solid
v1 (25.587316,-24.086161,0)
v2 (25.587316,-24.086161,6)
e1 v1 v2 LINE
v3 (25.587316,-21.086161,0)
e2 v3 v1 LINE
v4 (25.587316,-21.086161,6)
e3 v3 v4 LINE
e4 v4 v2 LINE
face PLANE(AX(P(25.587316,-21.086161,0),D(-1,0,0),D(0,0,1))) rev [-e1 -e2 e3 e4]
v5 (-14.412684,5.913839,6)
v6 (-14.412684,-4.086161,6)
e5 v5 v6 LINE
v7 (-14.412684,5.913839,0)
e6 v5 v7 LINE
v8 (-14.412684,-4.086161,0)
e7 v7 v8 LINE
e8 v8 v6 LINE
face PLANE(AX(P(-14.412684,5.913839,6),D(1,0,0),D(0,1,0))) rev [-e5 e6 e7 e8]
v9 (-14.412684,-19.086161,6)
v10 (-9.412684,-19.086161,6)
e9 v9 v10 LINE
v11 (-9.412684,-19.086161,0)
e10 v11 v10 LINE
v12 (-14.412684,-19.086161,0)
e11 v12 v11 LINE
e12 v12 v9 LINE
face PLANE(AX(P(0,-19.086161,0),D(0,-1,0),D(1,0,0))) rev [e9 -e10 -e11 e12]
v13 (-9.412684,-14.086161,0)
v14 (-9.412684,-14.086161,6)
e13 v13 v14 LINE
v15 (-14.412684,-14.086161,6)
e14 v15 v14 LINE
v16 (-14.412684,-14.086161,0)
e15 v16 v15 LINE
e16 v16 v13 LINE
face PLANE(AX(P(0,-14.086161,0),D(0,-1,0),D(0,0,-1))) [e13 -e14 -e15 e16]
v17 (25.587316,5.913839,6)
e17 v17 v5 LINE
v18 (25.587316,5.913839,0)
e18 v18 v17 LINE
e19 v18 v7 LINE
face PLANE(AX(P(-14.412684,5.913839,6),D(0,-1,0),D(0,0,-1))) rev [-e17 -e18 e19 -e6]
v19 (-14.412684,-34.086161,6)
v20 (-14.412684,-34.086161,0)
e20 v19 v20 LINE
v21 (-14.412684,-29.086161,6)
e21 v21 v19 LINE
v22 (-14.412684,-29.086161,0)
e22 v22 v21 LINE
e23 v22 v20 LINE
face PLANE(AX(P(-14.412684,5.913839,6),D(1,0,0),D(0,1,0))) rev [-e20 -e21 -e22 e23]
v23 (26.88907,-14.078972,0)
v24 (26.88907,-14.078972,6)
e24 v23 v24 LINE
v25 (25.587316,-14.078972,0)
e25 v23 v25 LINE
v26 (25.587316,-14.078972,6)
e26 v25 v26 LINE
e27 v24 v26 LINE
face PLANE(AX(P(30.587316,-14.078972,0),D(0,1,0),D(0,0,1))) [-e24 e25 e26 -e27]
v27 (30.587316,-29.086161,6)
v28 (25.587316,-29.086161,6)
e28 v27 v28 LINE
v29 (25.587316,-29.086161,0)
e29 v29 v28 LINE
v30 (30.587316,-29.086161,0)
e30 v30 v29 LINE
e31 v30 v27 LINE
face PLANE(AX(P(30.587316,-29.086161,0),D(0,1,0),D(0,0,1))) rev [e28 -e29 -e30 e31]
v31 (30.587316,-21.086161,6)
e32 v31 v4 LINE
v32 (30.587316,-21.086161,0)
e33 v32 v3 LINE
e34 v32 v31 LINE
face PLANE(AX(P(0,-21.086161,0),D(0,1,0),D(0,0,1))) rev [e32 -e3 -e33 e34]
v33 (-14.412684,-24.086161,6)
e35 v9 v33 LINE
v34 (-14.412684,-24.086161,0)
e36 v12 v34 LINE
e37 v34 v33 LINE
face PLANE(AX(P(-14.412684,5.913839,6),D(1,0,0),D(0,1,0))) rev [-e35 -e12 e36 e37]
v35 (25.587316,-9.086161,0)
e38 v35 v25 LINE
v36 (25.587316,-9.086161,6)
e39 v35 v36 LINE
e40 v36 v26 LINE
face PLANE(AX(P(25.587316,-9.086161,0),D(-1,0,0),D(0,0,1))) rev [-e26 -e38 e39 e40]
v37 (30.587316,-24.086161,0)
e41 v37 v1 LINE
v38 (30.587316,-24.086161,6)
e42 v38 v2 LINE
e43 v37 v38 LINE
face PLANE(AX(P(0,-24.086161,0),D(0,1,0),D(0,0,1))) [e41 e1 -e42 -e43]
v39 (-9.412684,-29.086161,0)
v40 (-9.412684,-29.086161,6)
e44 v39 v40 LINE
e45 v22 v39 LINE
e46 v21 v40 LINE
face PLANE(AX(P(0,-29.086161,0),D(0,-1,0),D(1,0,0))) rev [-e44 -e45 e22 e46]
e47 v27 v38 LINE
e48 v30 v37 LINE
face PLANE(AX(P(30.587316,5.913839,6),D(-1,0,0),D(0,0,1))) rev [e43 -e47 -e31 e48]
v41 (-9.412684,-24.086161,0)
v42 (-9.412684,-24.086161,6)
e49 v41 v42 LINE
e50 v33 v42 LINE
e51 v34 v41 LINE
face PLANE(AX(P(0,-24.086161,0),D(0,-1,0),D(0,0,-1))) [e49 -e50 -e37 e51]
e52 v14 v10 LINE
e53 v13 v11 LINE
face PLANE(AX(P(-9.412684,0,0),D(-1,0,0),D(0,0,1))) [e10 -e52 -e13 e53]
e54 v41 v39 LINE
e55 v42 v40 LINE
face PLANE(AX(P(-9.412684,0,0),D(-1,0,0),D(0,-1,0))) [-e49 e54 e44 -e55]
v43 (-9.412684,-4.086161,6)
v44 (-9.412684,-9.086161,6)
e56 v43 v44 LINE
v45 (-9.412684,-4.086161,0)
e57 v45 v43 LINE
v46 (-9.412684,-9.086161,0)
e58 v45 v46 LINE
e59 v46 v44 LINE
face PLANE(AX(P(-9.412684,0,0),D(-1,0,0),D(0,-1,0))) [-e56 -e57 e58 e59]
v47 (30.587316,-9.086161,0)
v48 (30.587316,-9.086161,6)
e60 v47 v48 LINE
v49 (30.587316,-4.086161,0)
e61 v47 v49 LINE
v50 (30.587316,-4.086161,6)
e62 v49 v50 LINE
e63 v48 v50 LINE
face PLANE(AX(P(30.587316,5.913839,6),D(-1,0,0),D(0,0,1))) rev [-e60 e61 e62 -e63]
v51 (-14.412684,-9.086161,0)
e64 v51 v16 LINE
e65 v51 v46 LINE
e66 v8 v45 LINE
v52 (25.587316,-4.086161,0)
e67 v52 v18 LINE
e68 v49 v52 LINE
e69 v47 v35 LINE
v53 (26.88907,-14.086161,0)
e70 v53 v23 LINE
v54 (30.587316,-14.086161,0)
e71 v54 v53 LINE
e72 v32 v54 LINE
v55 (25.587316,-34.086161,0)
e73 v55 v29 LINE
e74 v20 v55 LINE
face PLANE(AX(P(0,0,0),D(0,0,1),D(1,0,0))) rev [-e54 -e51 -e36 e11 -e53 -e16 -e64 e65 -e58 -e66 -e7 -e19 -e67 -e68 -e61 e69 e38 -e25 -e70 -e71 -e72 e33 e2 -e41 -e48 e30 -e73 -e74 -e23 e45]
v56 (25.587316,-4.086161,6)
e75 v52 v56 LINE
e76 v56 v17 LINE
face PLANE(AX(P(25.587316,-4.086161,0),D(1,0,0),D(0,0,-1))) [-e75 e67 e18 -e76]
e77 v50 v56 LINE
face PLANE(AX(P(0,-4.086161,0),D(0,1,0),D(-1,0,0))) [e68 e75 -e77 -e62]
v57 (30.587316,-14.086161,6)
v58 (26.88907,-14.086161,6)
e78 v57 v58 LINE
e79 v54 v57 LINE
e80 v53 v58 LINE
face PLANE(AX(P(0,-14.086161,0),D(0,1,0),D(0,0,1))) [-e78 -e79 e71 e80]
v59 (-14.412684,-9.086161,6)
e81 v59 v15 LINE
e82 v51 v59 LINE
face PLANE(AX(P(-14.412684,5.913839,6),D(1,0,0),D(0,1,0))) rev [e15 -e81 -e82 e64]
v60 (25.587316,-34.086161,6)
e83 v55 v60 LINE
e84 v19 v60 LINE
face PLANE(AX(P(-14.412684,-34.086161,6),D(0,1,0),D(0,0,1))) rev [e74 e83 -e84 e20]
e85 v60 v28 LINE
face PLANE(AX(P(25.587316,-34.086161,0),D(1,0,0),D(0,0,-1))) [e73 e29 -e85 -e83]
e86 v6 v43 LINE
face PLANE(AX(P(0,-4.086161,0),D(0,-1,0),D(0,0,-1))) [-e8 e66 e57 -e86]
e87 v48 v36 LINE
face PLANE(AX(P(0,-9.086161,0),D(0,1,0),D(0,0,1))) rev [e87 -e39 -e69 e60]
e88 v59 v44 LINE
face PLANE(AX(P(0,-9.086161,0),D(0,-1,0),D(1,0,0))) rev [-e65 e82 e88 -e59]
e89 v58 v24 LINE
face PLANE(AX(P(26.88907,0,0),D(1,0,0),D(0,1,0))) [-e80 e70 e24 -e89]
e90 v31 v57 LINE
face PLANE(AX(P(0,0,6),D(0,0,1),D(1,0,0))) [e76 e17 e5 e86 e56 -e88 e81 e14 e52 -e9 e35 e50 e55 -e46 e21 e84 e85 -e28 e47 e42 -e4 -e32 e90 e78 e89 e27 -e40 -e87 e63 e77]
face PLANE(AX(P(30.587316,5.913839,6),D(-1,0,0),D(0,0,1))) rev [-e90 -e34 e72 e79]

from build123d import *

# Parameters (mm, degrees)
SKETCH1_W           = 45
SKETCH1_H           = 40
BOSS_EXTRUDE1_DEPTH = 6
SKETCH2_W           = 5
SKETCH2_H           = 5
SKETCH2_W_2         = 3.698246201
SKETCH2_H_2         = 10
SKETCH2_H_3         = 3
CUT_EXTRUDE1_DEPTH  = 6
SKETCH3_W           = 5
SKETCH3_H           = 5
CUT_EXTRUDE2_DEPTH  = 6
SKETCH4_W           = 5
SKETCH4_H           = 4.992810735
SKETCH4_H_2         = 10
SKETCH4_H_3         = 3
CUT_EXTRUDE3_DEPTH  = 6


with BuildPart() as part:
    # Sketch1 → Boss-Extrude1 (new body)
    with BuildSketch(Plane.XY):
        with Locations((8.087316256, -14.086161404)):
            Rectangle(SKETCH1_W, SKETCH1_H)
    extrude(amount=BOSS_EXTRUDE1_DEPTH)

    # Sketch2 → Cut-Extrude1 (cut)
    with BuildSketch(Plane.XY.offset(6)):
        with Locations((-11.912683744, -6.586161404)):
            Rectangle(SKETCH2_W, SKETCH2_H)
        with Locations((-11.912683744, -16.586161404)):
            Rectangle(SKETCH2_W, SKETCH2_H)
        with Locations((-11.912683744, -26.586161404)):
            Rectangle(SKETCH2_W, SKETCH2_H)
        with Locations((28.738193155, 0.913838596)):
            Rectangle(SKETCH2_W_2, SKETCH2_H_2)
        with Locations((28.738193155, -11.586161404)):
            Rectangle(SKETCH2_W_2, SKETCH2_H)
        with Locations((28.738193155, -22.586161404)):
            Rectangle(SKETCH2_W_2, SKETCH2_H_3)
    extrude(amount=-CUT_EXTRUDE1_DEPTH, mode=Mode.SUBTRACT)

    # Sketch3 → Cut-Extrude2 (cut)
    with BuildSketch(Plane.XY.offset(6)):
        with Locations((28.087316256, -31.586161404)):
            Rectangle(SKETCH3_W, SKETCH3_H)
    extrude(amount=-CUT_EXTRUDE2_DEPTH, mode=Mode.SUBTRACT)

    # Sketch4 → Cut-Extrude3 (cut)
    with BuildSketch(Plane.XY.offset(6)):
        with Locations((28.087316256, -11.582566772)):
            Rectangle(SKETCH4_W, SKETCH4_H)
        with Locations((28.087316256, 0.913838596)):
            Rectangle(SKETCH4_W, SKETCH4_H_2)
        with Locations((28.087316256, -22.586161404)):
            Rectangle(SKETCH4_W, SKETCH4_H_3)
    extrude(amount=-CUT_EXTRUDE3_DEPTH, mode=Mode.SUBTRACT)


solid = part.part
